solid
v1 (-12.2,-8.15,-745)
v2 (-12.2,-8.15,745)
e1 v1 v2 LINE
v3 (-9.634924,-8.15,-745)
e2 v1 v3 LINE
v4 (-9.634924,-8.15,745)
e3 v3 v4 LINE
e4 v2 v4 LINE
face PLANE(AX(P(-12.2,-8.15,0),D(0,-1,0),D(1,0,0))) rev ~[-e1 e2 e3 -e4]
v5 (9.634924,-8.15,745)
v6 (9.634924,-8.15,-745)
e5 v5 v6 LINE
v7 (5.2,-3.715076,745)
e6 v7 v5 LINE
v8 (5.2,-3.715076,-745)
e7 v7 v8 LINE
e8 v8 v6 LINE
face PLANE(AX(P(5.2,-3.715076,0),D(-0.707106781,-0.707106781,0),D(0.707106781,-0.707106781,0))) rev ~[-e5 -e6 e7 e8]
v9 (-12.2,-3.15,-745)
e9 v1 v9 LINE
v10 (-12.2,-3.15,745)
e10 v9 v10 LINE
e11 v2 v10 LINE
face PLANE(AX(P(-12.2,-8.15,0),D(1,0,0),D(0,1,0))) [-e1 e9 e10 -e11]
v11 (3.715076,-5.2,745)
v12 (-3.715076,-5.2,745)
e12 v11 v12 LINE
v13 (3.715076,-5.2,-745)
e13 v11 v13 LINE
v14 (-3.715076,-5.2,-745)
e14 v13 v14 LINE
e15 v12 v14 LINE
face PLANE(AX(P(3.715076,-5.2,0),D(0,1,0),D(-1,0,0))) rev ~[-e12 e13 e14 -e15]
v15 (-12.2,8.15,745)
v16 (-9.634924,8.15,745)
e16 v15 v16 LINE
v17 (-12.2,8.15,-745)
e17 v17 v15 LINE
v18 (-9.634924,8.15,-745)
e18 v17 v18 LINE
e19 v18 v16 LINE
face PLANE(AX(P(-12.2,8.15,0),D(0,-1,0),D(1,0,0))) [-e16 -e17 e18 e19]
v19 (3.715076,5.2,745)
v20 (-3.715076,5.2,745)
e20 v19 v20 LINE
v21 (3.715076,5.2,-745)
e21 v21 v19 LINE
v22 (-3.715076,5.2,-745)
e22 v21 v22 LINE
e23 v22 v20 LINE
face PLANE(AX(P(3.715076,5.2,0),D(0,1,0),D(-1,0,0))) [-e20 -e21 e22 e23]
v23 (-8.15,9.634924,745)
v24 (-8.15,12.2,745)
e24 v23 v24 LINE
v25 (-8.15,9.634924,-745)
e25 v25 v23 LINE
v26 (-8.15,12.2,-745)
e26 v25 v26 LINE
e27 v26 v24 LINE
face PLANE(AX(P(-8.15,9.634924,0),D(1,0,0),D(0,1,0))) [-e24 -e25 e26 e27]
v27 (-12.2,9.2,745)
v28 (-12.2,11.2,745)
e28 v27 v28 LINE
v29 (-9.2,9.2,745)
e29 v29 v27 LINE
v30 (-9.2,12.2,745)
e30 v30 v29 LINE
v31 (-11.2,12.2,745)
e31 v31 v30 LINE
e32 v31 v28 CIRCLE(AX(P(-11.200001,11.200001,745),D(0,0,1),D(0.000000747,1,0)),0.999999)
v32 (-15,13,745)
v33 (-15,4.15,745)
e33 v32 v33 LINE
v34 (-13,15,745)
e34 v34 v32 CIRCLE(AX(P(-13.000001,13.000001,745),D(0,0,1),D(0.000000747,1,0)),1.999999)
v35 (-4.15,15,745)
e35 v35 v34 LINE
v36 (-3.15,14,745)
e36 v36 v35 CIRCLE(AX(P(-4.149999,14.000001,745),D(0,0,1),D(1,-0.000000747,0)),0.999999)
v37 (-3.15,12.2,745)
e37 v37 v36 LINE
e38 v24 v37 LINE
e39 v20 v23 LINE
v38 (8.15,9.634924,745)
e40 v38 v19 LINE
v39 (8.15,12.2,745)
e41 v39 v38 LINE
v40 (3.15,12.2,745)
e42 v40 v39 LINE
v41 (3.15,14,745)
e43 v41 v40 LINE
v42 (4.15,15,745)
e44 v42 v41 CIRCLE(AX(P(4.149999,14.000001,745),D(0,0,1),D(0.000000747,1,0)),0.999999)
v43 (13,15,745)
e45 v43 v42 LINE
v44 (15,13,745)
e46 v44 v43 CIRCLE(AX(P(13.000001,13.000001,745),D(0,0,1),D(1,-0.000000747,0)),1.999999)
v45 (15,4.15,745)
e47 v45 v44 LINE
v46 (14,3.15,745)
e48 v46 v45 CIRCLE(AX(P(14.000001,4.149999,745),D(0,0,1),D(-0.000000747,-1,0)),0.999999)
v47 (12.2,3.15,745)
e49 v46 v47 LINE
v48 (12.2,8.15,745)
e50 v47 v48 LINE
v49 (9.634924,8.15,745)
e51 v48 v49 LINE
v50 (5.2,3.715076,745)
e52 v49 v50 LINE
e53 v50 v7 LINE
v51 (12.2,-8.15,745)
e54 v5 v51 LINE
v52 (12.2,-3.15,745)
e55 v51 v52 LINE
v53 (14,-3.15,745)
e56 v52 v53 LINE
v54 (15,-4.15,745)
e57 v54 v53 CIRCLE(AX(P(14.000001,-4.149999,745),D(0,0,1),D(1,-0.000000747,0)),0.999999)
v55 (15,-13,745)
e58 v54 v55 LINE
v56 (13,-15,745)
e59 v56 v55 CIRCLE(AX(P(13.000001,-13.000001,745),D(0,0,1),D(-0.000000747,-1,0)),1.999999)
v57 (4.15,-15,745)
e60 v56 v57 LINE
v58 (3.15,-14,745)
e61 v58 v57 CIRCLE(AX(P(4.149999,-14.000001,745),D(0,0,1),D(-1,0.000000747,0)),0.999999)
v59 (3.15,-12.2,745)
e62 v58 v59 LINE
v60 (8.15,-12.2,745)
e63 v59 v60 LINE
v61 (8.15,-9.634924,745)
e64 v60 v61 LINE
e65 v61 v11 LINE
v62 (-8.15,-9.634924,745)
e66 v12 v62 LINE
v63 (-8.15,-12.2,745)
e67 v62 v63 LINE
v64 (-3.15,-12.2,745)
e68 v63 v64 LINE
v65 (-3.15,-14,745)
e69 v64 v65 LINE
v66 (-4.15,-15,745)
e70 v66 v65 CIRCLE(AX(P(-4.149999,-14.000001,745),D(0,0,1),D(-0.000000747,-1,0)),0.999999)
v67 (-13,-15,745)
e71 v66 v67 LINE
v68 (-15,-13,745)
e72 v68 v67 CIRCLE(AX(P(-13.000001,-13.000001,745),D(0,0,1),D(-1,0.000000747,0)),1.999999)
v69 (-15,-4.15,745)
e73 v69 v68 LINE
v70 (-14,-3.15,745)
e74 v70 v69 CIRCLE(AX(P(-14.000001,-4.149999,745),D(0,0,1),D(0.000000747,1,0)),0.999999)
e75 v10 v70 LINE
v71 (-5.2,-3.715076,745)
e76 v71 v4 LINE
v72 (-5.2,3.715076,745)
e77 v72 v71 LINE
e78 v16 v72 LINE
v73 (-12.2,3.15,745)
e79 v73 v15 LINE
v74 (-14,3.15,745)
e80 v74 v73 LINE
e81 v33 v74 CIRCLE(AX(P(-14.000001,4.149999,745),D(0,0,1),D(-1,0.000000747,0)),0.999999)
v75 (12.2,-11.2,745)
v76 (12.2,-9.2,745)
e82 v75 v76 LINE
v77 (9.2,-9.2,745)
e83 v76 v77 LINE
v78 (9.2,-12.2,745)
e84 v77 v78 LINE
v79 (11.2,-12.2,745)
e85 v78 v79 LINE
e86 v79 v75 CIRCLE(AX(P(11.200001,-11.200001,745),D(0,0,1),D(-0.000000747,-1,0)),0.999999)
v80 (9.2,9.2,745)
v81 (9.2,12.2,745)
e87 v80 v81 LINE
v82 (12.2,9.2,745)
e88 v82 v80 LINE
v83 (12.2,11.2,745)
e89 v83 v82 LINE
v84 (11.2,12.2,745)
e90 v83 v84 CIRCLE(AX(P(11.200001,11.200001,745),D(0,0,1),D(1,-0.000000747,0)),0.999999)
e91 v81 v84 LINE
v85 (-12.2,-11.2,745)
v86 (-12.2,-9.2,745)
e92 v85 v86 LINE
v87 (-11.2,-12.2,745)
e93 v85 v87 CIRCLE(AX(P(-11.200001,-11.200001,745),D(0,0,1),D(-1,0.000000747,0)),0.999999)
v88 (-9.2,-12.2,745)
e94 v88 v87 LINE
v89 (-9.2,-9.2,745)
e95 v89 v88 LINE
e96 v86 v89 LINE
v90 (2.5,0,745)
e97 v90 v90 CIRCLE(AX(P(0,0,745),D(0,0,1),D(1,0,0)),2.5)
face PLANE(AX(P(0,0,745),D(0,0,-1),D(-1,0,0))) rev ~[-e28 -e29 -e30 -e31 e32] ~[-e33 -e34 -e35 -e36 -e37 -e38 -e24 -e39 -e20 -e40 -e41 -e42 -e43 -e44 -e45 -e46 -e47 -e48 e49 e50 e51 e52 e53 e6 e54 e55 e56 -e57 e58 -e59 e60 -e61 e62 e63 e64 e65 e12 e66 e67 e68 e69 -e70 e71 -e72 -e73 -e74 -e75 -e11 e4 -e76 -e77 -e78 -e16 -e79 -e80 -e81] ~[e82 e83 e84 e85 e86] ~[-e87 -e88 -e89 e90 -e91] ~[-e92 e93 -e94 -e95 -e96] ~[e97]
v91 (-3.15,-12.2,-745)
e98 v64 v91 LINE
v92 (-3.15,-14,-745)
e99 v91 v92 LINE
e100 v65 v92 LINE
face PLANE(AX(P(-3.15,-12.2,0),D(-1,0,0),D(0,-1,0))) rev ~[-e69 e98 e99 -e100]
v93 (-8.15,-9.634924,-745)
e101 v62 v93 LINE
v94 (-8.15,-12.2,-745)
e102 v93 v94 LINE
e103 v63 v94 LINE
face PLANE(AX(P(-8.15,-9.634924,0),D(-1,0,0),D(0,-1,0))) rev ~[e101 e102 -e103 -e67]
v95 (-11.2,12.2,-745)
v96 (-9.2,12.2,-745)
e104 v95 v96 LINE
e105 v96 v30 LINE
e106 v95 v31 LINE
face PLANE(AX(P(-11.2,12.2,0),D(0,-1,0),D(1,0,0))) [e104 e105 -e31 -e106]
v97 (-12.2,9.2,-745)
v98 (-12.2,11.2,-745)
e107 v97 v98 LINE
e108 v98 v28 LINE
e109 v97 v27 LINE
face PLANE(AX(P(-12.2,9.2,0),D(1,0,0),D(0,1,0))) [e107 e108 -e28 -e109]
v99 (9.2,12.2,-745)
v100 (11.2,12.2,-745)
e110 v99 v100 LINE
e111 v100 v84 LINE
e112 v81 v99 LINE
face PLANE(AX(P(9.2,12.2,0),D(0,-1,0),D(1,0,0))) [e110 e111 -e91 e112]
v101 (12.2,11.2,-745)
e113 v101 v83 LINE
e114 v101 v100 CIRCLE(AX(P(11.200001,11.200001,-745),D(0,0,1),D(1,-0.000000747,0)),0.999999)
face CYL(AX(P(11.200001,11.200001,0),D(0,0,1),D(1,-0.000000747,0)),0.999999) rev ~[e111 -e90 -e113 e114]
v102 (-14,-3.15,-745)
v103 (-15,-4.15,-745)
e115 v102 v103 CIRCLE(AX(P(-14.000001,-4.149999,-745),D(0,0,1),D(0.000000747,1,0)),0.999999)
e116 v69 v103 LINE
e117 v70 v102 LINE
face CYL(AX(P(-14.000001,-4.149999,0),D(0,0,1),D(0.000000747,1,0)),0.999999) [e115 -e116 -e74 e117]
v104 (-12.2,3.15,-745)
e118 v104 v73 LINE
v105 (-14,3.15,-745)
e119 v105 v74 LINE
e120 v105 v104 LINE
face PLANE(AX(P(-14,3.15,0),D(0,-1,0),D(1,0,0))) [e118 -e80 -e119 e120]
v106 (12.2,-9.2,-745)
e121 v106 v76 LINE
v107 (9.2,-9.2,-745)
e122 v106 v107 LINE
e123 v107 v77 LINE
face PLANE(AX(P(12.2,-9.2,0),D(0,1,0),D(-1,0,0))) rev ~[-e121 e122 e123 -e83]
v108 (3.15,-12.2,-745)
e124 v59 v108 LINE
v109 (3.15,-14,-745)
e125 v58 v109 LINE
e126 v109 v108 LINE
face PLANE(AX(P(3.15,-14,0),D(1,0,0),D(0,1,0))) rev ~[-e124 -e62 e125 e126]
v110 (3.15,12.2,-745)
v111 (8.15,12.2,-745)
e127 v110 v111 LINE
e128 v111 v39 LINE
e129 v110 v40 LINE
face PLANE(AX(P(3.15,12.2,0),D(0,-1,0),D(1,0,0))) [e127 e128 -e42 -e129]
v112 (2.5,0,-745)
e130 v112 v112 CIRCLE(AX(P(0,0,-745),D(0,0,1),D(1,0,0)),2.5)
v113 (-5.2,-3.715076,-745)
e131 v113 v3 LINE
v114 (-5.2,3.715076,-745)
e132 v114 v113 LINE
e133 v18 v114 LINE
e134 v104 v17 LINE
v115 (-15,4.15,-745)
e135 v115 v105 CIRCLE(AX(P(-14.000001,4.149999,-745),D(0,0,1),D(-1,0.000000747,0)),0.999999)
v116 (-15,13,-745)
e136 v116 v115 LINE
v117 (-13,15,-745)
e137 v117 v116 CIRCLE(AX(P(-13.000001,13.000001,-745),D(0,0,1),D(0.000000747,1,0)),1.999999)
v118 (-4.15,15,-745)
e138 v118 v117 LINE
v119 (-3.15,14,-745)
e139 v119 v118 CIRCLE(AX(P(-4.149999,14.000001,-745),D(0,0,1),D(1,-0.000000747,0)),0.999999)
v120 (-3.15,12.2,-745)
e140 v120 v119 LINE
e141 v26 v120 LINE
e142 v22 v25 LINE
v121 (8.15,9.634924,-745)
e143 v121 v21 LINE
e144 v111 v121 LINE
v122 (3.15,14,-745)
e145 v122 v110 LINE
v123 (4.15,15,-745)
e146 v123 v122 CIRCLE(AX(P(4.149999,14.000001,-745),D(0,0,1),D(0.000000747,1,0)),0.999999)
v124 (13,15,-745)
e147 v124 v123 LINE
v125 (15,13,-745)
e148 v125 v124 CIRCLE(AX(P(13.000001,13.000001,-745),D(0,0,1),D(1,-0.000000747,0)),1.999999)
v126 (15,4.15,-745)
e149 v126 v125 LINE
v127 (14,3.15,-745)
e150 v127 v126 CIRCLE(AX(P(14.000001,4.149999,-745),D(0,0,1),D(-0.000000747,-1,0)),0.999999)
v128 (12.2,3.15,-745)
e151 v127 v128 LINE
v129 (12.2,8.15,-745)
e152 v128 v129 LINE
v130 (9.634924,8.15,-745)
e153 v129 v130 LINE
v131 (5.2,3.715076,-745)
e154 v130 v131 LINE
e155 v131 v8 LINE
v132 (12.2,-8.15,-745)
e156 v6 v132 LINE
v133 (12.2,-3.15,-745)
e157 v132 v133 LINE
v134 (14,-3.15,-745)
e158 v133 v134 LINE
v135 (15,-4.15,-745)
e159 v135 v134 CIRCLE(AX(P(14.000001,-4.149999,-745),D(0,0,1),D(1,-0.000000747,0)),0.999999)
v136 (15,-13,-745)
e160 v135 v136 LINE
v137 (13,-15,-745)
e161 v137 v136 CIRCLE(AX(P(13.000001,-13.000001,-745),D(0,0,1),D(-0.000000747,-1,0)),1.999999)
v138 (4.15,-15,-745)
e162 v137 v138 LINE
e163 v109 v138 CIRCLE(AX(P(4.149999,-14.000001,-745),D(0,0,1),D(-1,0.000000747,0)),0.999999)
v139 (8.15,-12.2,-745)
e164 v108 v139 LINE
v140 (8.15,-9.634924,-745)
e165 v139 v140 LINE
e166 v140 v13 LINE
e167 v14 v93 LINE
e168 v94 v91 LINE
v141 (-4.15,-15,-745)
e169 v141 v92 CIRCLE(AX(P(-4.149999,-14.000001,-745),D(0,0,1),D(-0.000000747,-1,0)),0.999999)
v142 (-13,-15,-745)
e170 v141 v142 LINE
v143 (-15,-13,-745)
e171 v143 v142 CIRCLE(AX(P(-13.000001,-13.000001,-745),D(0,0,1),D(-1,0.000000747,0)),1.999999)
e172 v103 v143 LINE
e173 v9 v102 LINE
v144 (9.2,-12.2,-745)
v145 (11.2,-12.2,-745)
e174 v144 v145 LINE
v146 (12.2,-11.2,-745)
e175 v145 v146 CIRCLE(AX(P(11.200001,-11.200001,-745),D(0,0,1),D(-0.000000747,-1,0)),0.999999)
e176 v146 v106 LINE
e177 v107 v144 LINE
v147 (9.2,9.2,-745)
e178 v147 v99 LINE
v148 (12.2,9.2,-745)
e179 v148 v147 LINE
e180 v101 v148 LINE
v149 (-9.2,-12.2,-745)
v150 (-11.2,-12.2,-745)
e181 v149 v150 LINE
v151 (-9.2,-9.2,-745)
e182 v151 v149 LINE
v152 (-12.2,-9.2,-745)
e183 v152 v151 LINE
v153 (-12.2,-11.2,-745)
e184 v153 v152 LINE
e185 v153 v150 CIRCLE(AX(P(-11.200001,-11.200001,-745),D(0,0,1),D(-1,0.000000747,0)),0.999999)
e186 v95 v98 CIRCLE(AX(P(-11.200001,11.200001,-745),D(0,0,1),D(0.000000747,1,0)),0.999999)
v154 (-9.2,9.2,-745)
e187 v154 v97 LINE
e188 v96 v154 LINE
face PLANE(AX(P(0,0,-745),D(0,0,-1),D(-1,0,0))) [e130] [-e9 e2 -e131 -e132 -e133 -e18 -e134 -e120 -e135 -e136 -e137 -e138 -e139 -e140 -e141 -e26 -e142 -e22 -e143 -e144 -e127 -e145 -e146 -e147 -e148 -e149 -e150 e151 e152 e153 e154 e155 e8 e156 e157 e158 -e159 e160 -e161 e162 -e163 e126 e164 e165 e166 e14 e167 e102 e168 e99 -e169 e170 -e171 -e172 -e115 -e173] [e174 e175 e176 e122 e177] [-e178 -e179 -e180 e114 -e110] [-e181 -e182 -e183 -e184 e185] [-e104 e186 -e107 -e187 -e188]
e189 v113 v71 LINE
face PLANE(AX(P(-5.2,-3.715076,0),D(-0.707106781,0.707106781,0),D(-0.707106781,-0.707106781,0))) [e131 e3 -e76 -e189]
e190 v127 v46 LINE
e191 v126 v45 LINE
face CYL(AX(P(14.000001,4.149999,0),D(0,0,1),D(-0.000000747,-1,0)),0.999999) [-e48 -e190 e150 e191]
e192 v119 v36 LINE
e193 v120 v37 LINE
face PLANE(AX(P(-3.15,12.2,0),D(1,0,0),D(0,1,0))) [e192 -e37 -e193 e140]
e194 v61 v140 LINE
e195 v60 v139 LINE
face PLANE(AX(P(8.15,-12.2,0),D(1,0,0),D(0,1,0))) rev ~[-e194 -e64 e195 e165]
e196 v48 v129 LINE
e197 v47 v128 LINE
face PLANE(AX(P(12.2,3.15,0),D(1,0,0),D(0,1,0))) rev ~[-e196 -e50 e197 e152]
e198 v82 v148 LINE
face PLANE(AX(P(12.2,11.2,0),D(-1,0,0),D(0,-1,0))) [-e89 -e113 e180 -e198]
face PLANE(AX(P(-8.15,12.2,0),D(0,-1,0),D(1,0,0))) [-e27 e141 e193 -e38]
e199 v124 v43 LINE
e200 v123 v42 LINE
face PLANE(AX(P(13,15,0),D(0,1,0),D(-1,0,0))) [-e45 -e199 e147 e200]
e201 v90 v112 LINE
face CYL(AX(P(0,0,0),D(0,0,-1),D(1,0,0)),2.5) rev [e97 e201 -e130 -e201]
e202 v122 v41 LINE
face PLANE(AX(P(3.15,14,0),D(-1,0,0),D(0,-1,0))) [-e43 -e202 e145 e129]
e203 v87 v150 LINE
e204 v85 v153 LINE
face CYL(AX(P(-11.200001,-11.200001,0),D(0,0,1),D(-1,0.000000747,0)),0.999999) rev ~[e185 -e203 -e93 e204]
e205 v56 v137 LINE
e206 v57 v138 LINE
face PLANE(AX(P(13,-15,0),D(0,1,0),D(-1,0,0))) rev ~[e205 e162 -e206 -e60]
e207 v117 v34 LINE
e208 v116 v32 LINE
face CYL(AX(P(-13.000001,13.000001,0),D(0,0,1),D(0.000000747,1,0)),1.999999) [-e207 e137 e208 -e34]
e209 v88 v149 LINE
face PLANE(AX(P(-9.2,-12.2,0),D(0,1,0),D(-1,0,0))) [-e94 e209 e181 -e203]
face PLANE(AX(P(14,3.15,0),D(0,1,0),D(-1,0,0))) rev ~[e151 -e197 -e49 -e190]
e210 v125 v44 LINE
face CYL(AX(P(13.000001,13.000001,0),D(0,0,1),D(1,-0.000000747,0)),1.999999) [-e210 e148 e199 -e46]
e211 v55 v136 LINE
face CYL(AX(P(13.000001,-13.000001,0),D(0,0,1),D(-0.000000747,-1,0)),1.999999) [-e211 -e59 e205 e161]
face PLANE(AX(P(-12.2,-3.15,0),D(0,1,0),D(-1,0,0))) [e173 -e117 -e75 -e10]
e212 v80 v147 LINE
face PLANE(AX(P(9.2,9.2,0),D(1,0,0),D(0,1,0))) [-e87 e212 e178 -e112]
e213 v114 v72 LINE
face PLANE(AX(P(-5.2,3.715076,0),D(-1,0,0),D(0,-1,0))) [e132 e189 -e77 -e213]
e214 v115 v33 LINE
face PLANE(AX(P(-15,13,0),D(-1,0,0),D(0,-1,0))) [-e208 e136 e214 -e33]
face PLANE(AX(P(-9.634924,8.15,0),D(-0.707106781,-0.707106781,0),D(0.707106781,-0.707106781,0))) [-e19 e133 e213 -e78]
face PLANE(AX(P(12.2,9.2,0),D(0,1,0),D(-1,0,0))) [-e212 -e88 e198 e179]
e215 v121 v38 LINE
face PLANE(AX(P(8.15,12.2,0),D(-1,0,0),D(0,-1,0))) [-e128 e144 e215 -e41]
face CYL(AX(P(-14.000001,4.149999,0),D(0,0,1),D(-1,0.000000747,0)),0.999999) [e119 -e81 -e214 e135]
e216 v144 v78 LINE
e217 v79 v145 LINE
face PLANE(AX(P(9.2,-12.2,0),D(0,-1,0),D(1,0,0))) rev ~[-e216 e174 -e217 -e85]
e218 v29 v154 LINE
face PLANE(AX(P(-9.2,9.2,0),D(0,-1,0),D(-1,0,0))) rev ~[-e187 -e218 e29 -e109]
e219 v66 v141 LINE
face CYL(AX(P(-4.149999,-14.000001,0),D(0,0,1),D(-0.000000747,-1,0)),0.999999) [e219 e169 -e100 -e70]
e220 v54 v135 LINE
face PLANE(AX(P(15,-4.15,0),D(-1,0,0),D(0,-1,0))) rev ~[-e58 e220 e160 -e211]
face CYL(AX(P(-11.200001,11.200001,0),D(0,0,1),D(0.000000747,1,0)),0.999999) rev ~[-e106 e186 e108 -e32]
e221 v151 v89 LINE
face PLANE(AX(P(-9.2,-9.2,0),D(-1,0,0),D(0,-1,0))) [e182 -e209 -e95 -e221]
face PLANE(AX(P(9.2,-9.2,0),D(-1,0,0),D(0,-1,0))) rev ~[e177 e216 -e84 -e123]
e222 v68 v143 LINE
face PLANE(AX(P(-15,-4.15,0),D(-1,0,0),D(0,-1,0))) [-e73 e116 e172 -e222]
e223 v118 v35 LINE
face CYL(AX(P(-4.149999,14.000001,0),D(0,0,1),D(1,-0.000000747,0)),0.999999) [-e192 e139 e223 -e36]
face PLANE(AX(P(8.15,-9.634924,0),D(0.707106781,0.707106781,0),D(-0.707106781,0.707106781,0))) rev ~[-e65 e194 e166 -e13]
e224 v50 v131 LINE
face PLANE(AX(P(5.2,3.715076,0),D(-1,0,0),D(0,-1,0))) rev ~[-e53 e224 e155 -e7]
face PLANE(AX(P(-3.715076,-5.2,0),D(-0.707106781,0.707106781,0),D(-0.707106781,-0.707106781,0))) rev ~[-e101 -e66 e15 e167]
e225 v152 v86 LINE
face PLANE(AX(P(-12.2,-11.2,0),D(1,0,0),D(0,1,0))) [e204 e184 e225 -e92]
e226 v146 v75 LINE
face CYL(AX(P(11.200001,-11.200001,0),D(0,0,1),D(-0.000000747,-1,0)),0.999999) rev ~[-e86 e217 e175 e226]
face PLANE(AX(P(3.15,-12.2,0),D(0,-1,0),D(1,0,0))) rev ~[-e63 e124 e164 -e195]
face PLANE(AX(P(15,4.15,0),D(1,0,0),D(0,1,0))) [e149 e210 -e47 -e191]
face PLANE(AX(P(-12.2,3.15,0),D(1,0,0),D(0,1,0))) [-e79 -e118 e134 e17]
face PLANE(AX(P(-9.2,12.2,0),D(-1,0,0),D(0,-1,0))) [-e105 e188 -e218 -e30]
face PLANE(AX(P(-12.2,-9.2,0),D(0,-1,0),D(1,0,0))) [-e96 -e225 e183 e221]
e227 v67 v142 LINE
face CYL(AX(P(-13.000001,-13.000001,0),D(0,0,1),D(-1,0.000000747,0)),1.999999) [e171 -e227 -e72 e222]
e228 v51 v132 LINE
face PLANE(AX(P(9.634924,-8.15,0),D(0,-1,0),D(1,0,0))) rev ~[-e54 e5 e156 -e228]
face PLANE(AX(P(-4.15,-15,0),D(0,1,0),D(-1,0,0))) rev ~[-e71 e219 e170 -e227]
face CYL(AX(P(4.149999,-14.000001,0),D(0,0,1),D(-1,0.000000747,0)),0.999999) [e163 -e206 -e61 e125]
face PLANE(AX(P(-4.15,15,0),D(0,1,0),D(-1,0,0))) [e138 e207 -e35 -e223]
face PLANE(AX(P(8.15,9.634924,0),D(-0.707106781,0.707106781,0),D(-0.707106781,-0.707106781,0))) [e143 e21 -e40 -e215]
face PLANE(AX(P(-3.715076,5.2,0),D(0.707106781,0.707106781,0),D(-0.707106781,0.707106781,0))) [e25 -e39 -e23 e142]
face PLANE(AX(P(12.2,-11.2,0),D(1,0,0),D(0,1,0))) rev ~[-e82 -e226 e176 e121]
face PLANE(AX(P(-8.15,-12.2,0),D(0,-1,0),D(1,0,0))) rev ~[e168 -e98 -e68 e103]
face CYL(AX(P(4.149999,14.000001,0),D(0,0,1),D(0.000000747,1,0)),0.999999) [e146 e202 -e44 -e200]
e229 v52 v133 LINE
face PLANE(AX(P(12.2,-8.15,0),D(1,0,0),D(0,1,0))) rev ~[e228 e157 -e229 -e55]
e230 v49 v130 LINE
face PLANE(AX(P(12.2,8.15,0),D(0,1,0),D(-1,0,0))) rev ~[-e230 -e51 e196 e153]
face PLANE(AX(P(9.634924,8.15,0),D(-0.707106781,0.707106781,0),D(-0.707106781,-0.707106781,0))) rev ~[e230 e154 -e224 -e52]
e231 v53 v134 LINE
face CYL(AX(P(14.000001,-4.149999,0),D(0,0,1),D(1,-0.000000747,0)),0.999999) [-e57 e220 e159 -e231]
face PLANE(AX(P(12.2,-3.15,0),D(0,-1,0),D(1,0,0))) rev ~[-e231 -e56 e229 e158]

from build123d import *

# Parameters (mm, degrees)
SKETCH_R  = 2.5
PAD_DEPTH = 745


with BuildPart() as part:
    # Sketch → Pad (new body, symmetric)
    with BuildSketch(Plane.XY):
        with BuildLine():
            Line((14, 3.15), (12.2, 3.15))
            Line((12.2, 3.15), (12.2, 8.15))
            Line((12.2, 8.15), (9.634924, 8.15))
            Line((9.634924, 8.15), (5.2, 3.715076))
            Line((5.2, 3.715076), (5.2, -3.715076))
            Line((5.2, -3.715076), (9.634924, -8.15))
            Line((9.634924, -8.15), (12.2, -8.15))
            Line((12.2, -8.15), (12.2, -3.15))
            Line((12.2, -3.15), (14, -3.15))
            ThreePointArc((15, -4.15), (14.707107, -3.442893), (14, -3.15))
            Line((15, -4.15), (15, -13))
            ThreePointArc((13, -15), (14.414214, -14.414214), (15, -13))
            Line((13, -15), (4.15, -15))
            ThreePointArc((3.15, -14), (3.442893, -14.707107), (4.15, -15))
            Line((3.15, -14), (3.15, -12.2))
            Line((3.15, -12.2), (8.15, -12.2))
            Line((8.15, -12.2), (8.15, -9.634924))
            Line((8.15, -9.634924), (3.715076, -5.2))
            Line((3.715076, -5.2), (-3.715076, -5.2))
            Line((-3.715076, -5.2), (-8.15, -9.634924))
            Line((-8.15, -9.634924), (-8.15, -12.2))
            Line((-8.15, -12.2), (-3.15, -12.2))
            Line((-3.15, -12.2), (-3.15, -14))
            ThreePointArc((-4.15, -15), (-3.442893, -14.707107), (-3.15, -14))
            Line((-4.15, -15), (-13, -15))
            ThreePointArc((-15, -13), (-14.414214, -14.414214), (-13, -15))
            Line((-15, -4.15), (-15, -13))
            ThreePointArc((-14, -3.15), (-14.707107, -3.442893), (-15, -4.15))
            Line((-12.2, -3.15), (-14, -3.15))
            Line((-12.2, -8.15), (-12.2, -3.15))
            Line((-12.2, -8.15), (-9.634924, -8.15))
            Line((-5.2, -3.715076), (-9.634924, -8.15))
            Line((-5.2, 3.715076), (-5.2, -3.715076))
            Line((-9.634924, 8.15), (-5.2, 3.715076))
            Line((-12.2, 8.15), (-9.634924, 8.15))
            Line((-12.2, 3.15), (-12.2, 8.15))
            Line((-14, 3.15), (-12.2, 3.15))
            ThreePointArc((-15, 4.15), (-14.707107, 3.442893), (-14, 3.15))
            Line((-15, 13), (-15, 4.15))
            ThreePointArc((-13, 15), (-14.414214, 14.414214), (-15, 13))
            Line((-4.15, 15), (-13, 15))
            ThreePointArc((-3.15, 14), (-3.442893, 14.707107), (-4.15, 15))
            Line((-3.15, 12.2), (-3.15, 14))
            Line((-8.15, 12.2), (-3.15, 12.2))
            Line((-8.15, 9.634924), (-8.15, 12.2))
            Line((-3.715076, 5.2), (-8.15, 9.634924))
            Line((3.715076, 5.2), (-3.715076, 5.2))
            Line((8.15, 9.634924), (3.715076, 5.2))
            Line((8.15, 12.2), (8.15, 9.634924))
            Line((3.15, 12.2), (8.15, 12.2))
            Line((3.15, 14), (3.15, 12.2))
            ThreePointArc((4.15, 15), (3.442893, 14.707107), (3.15, 14))
            Line((13, 15), (4.15, 15))
            ThreePointArc((15, 13), (14.414214, 14.414214), (13, 15))
            Line((15, 4.15), (15, 13))
            ThreePointArc((14, 3.15), (14.707107, 3.442893), (15, 4.15))
        make_face()
        Circle(SKETCH_R, mode=Mode.SUBTRACT)
        with BuildLine():
            Line((9.2, 12.2), (11.2, 12.2))
            ThreePointArc((12.2, 11.2), (11.907107, 11.907107), (11.2, 12.2))
            Line((12.2, 11.2), (12.2, 9.2))
            Line((12.2, 9.2), (9.2, 9.2))
            Line((9.2, 9.2), (9.2, 12.2))
        make_face(mode=Mode.SUBTRACT)
        with BuildLine():
            ThreePointArc((-11.2, 12.2), (-11.907107, 11.907107), (-12.2, 11.2))
            Line((-12.2, 9.2), (-12.2, 11.2))
            Line((-9.2, 9.2), (-12.2, 9.2))
            Line((-9.2, 12.2), (-9.2, 9.2))
            Line((-11.2, 12.2), (-9.2, 12.2))
        make_face(mode=Mode.SUBTRACT)
        with BuildLine():
            ThreePointArc((-12.2, -11.2), (-11.907107, -11.907107), (-11.2, -12.2))
            Line((-9.2, -12.2), (-11.2, -12.2))
            Line((-9.2, -9.2), (-9.2, -12.2))
            Line((-12.2, -9.2), (-9.2, -9.2))
            Line((-12.2, -11.2), (-12.2, -9.2))
        make_face(mode=Mode.SUBTRACT)
        with BuildLine():
            ThreePointArc((11.2, -12.2), (11.907107, -11.907107), (12.2, -11.2))
            Line((12.2, -11.2), (12.2, -9.2))
            Line((12.2, -9.2), (9.2, -9.2))
            Line((9.2, -9.2), (9.2, -12.2))
            Line((9.2, -12.2), (11.2, -12.2))
        make_face(mode=Mode.SUBTRACT)
    extrude(amount=PAD_DEPTH, both=True)


solid = part.part
